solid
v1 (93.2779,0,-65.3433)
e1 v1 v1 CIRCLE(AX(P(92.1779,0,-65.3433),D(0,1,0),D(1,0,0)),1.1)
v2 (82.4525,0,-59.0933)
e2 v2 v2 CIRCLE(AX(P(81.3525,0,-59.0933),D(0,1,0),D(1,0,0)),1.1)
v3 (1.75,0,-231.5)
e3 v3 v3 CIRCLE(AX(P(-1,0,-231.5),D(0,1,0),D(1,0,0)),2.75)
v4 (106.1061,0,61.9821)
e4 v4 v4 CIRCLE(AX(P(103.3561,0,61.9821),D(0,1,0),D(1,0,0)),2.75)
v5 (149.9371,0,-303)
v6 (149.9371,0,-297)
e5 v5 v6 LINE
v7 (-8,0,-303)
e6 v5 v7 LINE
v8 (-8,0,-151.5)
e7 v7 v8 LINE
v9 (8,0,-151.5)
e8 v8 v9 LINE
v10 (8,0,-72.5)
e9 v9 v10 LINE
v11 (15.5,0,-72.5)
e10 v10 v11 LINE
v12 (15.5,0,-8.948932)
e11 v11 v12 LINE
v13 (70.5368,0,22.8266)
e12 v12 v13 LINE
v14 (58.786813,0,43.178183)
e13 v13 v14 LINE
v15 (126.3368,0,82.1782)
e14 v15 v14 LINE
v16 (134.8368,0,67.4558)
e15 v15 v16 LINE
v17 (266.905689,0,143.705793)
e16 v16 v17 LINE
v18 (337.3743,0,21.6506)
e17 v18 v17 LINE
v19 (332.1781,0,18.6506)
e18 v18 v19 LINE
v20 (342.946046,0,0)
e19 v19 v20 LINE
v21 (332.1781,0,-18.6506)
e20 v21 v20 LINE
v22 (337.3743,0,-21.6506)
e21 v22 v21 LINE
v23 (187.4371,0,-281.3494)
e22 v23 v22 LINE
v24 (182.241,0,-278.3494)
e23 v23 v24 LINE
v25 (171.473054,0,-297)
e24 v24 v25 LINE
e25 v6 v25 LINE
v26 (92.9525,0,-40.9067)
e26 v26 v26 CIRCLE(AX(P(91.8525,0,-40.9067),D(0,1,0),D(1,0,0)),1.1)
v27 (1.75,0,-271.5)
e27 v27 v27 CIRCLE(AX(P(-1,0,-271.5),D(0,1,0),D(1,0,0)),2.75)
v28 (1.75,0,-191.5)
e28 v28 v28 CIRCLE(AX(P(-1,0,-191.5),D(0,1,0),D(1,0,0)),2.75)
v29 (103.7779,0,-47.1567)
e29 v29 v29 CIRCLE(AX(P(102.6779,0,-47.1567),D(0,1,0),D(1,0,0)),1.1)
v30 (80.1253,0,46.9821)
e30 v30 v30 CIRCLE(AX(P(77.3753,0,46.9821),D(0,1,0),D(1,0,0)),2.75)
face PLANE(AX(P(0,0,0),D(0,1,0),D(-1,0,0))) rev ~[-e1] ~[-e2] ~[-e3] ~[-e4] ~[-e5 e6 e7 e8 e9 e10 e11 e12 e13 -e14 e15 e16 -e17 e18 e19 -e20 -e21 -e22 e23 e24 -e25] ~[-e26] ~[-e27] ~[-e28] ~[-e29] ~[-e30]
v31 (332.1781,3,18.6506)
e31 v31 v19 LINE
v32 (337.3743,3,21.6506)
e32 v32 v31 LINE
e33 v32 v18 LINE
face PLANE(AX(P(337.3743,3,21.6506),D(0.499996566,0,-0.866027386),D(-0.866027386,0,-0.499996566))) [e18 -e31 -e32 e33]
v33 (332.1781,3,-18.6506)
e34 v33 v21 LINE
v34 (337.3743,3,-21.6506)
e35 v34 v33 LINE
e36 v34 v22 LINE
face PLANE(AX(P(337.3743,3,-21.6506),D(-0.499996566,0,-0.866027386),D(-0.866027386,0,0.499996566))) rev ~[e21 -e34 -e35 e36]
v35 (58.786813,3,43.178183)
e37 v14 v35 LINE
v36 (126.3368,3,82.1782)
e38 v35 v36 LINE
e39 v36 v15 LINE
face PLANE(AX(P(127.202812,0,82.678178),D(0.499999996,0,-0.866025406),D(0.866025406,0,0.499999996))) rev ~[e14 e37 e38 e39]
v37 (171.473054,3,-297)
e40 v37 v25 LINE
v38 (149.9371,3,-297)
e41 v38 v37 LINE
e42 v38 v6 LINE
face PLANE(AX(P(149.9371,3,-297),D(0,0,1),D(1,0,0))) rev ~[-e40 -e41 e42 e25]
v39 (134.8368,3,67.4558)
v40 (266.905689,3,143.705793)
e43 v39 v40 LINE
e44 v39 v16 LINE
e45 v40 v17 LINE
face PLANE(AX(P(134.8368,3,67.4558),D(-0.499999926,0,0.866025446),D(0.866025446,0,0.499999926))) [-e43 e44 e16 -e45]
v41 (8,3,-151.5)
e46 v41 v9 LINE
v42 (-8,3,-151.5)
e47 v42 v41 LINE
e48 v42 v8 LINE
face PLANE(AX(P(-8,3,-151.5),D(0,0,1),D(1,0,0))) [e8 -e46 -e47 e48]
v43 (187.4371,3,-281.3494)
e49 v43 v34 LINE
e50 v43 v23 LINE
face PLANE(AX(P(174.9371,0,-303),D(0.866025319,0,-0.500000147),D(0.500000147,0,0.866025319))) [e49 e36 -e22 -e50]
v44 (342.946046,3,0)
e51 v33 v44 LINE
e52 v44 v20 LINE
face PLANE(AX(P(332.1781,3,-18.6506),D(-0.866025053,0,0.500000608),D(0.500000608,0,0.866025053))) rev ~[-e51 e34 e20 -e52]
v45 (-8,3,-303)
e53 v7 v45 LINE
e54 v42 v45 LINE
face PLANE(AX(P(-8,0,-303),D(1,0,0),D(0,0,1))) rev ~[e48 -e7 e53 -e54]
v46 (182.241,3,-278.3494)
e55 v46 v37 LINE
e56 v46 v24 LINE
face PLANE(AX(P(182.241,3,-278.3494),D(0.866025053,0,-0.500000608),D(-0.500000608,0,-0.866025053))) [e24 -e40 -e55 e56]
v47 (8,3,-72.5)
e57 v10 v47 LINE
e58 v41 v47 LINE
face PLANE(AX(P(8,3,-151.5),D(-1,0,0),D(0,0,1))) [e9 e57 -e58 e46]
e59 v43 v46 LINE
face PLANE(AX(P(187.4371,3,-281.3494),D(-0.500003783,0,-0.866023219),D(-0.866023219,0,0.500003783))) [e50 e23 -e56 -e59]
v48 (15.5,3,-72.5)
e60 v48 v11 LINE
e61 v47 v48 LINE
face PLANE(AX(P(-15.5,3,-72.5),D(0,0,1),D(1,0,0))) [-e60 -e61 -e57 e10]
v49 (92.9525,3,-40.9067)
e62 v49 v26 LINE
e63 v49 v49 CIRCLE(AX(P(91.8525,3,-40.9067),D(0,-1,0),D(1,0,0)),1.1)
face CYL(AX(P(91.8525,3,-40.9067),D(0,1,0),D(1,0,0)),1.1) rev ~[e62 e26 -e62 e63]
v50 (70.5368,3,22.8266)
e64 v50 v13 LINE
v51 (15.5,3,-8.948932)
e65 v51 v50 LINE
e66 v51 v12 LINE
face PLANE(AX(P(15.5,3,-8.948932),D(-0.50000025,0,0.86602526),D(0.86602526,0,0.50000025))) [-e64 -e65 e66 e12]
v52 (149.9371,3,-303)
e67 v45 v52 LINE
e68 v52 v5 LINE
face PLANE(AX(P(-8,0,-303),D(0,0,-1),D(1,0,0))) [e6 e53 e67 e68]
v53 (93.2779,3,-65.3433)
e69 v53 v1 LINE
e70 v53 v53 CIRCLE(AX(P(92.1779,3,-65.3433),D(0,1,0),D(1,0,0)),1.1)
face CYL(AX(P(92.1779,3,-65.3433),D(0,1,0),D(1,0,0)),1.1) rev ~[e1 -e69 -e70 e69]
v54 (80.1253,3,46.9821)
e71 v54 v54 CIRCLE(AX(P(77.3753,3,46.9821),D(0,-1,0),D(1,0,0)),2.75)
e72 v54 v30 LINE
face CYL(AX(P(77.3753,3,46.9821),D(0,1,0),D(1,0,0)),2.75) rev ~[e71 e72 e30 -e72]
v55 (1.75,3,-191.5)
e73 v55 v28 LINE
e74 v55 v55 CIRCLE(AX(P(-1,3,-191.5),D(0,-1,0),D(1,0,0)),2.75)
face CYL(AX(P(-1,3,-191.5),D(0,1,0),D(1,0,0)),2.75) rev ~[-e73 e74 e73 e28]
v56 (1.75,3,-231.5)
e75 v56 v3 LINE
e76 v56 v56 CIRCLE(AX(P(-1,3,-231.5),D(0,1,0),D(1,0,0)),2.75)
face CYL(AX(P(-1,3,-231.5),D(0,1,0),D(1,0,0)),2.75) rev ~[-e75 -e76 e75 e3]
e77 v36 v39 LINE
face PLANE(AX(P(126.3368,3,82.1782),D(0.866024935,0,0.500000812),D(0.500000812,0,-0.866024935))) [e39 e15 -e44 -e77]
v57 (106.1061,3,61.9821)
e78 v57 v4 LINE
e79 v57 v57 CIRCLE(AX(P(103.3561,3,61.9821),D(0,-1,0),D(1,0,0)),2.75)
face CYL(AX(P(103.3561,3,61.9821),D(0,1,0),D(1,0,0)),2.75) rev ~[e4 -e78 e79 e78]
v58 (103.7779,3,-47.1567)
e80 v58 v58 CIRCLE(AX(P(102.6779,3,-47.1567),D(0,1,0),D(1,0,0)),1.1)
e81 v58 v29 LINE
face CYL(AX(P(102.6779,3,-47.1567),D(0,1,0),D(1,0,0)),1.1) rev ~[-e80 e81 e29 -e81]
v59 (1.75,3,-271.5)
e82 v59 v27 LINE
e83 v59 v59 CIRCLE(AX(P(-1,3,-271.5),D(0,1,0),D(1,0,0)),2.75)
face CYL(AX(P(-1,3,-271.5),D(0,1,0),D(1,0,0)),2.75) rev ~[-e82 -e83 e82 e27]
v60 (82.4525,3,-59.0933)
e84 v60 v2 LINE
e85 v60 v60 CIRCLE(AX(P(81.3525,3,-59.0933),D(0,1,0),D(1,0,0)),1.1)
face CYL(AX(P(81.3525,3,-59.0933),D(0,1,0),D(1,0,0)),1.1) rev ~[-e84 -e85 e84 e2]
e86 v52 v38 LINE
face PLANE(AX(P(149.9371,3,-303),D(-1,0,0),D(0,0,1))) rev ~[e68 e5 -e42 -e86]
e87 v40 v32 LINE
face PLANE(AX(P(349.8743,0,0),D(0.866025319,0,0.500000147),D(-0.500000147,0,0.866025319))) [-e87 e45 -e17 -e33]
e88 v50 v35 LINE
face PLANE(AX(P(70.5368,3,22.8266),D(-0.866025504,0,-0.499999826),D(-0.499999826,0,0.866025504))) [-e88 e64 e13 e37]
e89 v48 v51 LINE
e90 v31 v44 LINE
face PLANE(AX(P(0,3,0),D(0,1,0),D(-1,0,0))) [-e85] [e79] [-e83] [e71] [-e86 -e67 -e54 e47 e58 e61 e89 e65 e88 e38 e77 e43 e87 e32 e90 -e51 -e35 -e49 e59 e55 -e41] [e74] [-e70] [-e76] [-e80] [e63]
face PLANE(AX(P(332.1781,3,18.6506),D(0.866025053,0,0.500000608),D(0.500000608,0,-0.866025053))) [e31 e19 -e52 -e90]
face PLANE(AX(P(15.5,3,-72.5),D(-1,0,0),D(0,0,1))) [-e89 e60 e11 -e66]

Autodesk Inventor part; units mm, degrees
ref_plane "YZ Plane" through (0, 0, 0) normal (1, 0, 0) x (0, 1, 0)
ref_plane "XZ Plane" through (0, 0, 0) normal (0, 1, 0) x (-1, 0, 0)
ref_plane "XY Plane" through (0, 0, 0) normal (0, 0, 1) x (1, 0, 0)
sketch "Sketch1" plane through (0, 0, 0) normal (0, 1, 0) x (-1, 0, 0)
  line L0 (349.8743, 0) -> (258.4057, -158.4282)
  line L1 (174.9371, -303) -> (-174.9371, -303)
  line L2 (-174.9371, -303) -> (-349.8743, 0)
  line L3 (-349.8743, 0) -> (-174.9371, 303)
  line L4 (-174.9371, 303) -> (174.9371, 303)
  line L5 (258.4057, 158.4282) -> (349.8743, 0)
  line L6 (0, 0) -> (-8, 0)
  line L7 (-8, 0) -> (-8, -303)
  line L8 (-8, -303) -> (8, -303)
  line L9 (8, -303) -> (8, 0)
  line L10 (8, 0) -> (-8, 0)
  circle A0 centre (0, 0) radius 2.5
  line L11 (258.4057, 158.4282) -> (-4, 6.9282)
  line L12 (4, -6.9282) -> (266.4057, 144.5718)
  line L13 (-4, 6.9282) -> (4, -6.9282)
  line L14 (-266.4057, 144.5718) -> (-4, -6.9282)
  line L15 (4, 6.9282) -> (-258.4057, 158.4282)
  line L16 (-4, -6.9282) -> (4, 6.9282)
  line L17 (8, -4.6188) -> (8, -151.5)
  line L18 (8, -151.5) -> (-8, -151.5)
  line L19 (-8, -151.5) -> (-8, -303)
  line L20 (-8, -4.6188) -> (-4, -6.9282)
  line L21 (4, -6.9282) -> (-4, -6.9282)
  line L22 (-266.4057, 144.5718) -> (-258.4057, 158.4282)
  line L23 (-127.2028, 82.6782) -> (-135.2028, 68.8218)
  line L24 (-135.2028, 68.8218) -> (-8, -4.6188)
  line L25 (-266.4057, 144.5718) -> (-349.8743, 0)
  line L26 (-174.9371, -303) -> (-349.8743, 0)
  line L27 (-174.9371, -303) -> (-8, -303)
  line L28 (0, 9.2376) -> (8, 0)
  dimension "d0" = 303
  dimension "d1" = 303
  dimension "d2" = 8
  dimension "d3" = 16
  dimension "d4" = 5
  dimension "d7" = 360
extrude "Extrusion1" add sketch "Sketch1" along normal blind 3 contours L1 L7 L18 L9 | L1 L2 L3 L14 L7 | L18 L7 L14 L21 L12 L9 | L12 L13 A0 L10 L9 | L14 L23 L15 L11 L13 A0 L6 L7 | L7 L6 A0 L16 L14 | L10 A0 L16 L28 | L21 L16 A0 L13 | L3 L15 L23 L14 | A0 L13 L10 | L10 L16 A0 | L28 L15 L16 | L16 A0 L13 L11 L28 | A0 L16 L13 | A0 L13 L6 | L6 L16 A0 | L13 A0 L16
sketch "Sketch2" plane through (0, 3, 0) normal (0, 1, 0) x (1, 0, 0)
  line L0 (-8, 303) -> (-8, 0) projected
  line L1 (-8, 0) -> (-8, 151.5)
  line L2 (-8, 151.5) -> (8, 151.5)
  line L3 (8, 151.5) -> (8, 0)
  line L4 (8, 0) -> (-8, 0)
  line L5 (0, -9.2376) -> (258.4057, -158.4282) projected
  line L6 (258.4057, -158.4282) -> (126.3368, -82.1782)
  line L7 (126.3368, -82.1782) -> (134.8368, -67.4558)
  line L8 (134.8368, -67.4558) -> (266.9057, -143.7058)
  line L9 (266.9057, -143.7058) -> (258.4057, -158.4282)
  point P0 (0, 0)
  dimension "d11" = 151.5
  dimension "d12" = 16
  dimension "d13" = 152.5
  dimension "d14" = 17
extrude "Extrusion2" cut sketch "Sketch2" against normal blind 3
sketch "Sketch3" plane through (0, 3, 0) normal (0, 1, 0) x (1, 0, 0)
  line L0 (174.9371, 303) -> (-8, 303) projected
  line L1 (174.9371, 303) -> (149.9371, 303)
  line L2 (149.9371, 303) -> (149.9371, 297)
  line L3 (149.9371, 297) -> (174.9371, 297)
  line L4 (174.9371, 297) -> (174.9371, 303)
  line L5 (349.8743, 0) -> (174.9371, 303) projected
  line L6 (174.9371, 303) -> (187.4371, 281.3494)
  line L7 (187.4371, 281.3494) -> (182.241, 278.3494)
  line L8 (182.241, 278.3494) -> (169.741, 300)
  line L9 (169.741, 300) -> (174.9371, 303)
  line L10 (349.8743, 0) -> (337.3743, 21.6506)
  line L11 (337.3743, 21.6506) -> (332.1781, 18.6506)
  line L12 (332.1781, 18.6506) -> (344.6781, -3)
  line L13 (344.6781, -3) -> (349.8743, 0)
  line L14 (349.8743, 0) -> (337.3743, -21.6506)
  line L15 (337.3743, -21.6506) -> (332.1781, -18.6506)
  line L16 (332.1781, -18.6506) -> (344.6781, 3)
  line L17 (344.6781, 3) -> (349.8743, 0)
  line L18 (349.8743, 0) -> (266.9057, -143.7058) projected
  line L19 (349.8743, 0) -> (374.8743, 0) construction
  point P0 (0, 0)
  dimension "d17" = 25
  dimension "d18" = 6
  dimension "d19" = 25
  dimension "d20" = 6
  dimension "d21" = 25
  dimension "d22" = 6
  dimension "d23" = 25
  dimension "d24" = 120
  dimension "d25" = 6
extrude "Extrusion3" cut sketch "Sketch3" against normal blind 3
sketch "Sketch4" plane through (0, 3, 0) normal (0, 1, 0) x (1, 0, 0)
  line L0 (-55.0368, 49.6734) -> (70.5368, -22.8266)
  line L1 (70.5368, -22.8266) -> (55.0368, -49.6734)
  line L2 (55.0368, -49.6734) -> (-70.5368, 22.8266)
  line L3 (-70.5368, 22.8266) -> (-55.0368, 49.6734)
  line L4 (-55.0368, 49.6734) -> (55.0368, -49.6734) construction
  line L5 (70.5368, -22.8266) -> (-70.5368, 22.8266) construction
  line L6 (-55.0368, 49.6734) -> (89.9632, 49.6734) construction
  line L7 (-15.5, -72.5) -> (-15.5, 72.5)
  line L8 (-15.5, 72.5) -> (15.5, 72.5)
  line L9 (15.5, 72.5) -> (15.5, -72.5)
  line L10 (15.5, -72.5) -> (-15.5, -72.5)
  line L11 (-15.5, -72.5) -> (15.5, 72.5) construction
  line L12 (-15.5, 72.5) -> (15.5, -72.5) construction
  line L13 (-8, 0) -> (8, 0) projected
  line L14 (-15.5, -72.5) -> (129.5, -72.5) construction
  point P0 (0, 0)
  dimension "d28" = 145
  dimension "d29" = 30
  dimension "d30" = 31
  dimension "d31" = 145
  dimension "d32" = 90
  dimension "d33" = 31
extrude "Extrusion4" cut sketch "Sketch4" against normal blind 3
sketch "Sketch5" plane through (0, 3, 0) normal (0, 1, 0) x (1, 0, 0)
  line L0 (-1, 151.5) -> (-1, 191.5)
  circle A0 centre (-1, 191.5) radius 2.75
  circle A1 centre (-1, 231.5) radius 2.75
  circle A2 centre (-1, 271.5) radius 2.75
  circle A3 centre (0, 0) radius 0.5
  line L1 (126.3368, -82.1782) -> (134.8368, -67.4558) projected
  line L2 (126.3368, -82.1782) -> (129.3368, -76.9821)
  line L3 (129.3368, -76.9821) -> (103.3561, -61.9821)
  line L4 (103.3561, -61.9821) -> (77.3753, -46.9821)
  circle A4 centre (103.3561, -61.9821) radius 2.75
  circle A5 centre (77.3753, -46.9821) radius 2.75
  line L5 (-8, 303) -> (-8, 151.5) projected
  dimension "d36" = 40
  dimension "d37" = 5.5
  dimension "d40" = 40
  dimension "d45" = 1
  dimension "d46" = 6
  dimension "d47" = 30
  dimension "d48" = 30
  dimension "d49" = 5.5
  dimension "d50" = 5.5
  dimension "d53" = 7
extrude "Extrusion5" cut sketch "Sketch5" against normal blind 3 contours A0 | A1 | A2 | A4 L4 L3 | A5 | L3 L4 A4
sketch "Sketch6" plane through (0, 3, 0) normal (0, 1, 0) x (1, 0, 0)
  line L0 (-8, 303) -> (-8, 151.5) projected
  line L1 (-8, 303) -> (344, 303)
  line L2 (344, 303) -> (344, -147)
  line L3 (344, -147) -> (-8, -147)
  line L4 (-8, -147) -> (-8, 303)
  point P0 (0, 0)
  dimension "d54" = 352
  dimension "d55" = 450
sketch "Sketch7" plane through (0, 3, 0) normal (0, 1, 0) x (1, 0, 0)
  line L0 (0, 0) -> (86.6025, 50)
  line L1 (0, 0) -> (100, 0) construction
  line L2 (86.6025, 50) -> (91.8525, 40.9067)
  circle A0 centre (91.8525, 40.9067) radius 1.1
  line L3 (86.6025, 50) -> (89.2006, 51.5)
  line L4 (86.6025, 50) -> (89.6025, 50) construction
  circle A1 centre (81.3525, 59.0933) radius 1.1
  circle A2 centre (102.6779, 47.1567) radius 1.1
  circle A3 centre (92.1779, 65.3433) radius 1.1
  dimension "d56" = 100
  dimension "d57" = 30
  dimension "d58" = 10.5
  dimension "d59" = 90
  dimension "d60" = 2.2
  dimension "d61" = 3
  dimension "d62" = 30
  dimension "d65" = 21
  dimension "d68" = 12.5
extrude "Extrusion6" cut sketch "Sketch7" against normal blind 5
properties part number "Acrylic_bottom_camera"
